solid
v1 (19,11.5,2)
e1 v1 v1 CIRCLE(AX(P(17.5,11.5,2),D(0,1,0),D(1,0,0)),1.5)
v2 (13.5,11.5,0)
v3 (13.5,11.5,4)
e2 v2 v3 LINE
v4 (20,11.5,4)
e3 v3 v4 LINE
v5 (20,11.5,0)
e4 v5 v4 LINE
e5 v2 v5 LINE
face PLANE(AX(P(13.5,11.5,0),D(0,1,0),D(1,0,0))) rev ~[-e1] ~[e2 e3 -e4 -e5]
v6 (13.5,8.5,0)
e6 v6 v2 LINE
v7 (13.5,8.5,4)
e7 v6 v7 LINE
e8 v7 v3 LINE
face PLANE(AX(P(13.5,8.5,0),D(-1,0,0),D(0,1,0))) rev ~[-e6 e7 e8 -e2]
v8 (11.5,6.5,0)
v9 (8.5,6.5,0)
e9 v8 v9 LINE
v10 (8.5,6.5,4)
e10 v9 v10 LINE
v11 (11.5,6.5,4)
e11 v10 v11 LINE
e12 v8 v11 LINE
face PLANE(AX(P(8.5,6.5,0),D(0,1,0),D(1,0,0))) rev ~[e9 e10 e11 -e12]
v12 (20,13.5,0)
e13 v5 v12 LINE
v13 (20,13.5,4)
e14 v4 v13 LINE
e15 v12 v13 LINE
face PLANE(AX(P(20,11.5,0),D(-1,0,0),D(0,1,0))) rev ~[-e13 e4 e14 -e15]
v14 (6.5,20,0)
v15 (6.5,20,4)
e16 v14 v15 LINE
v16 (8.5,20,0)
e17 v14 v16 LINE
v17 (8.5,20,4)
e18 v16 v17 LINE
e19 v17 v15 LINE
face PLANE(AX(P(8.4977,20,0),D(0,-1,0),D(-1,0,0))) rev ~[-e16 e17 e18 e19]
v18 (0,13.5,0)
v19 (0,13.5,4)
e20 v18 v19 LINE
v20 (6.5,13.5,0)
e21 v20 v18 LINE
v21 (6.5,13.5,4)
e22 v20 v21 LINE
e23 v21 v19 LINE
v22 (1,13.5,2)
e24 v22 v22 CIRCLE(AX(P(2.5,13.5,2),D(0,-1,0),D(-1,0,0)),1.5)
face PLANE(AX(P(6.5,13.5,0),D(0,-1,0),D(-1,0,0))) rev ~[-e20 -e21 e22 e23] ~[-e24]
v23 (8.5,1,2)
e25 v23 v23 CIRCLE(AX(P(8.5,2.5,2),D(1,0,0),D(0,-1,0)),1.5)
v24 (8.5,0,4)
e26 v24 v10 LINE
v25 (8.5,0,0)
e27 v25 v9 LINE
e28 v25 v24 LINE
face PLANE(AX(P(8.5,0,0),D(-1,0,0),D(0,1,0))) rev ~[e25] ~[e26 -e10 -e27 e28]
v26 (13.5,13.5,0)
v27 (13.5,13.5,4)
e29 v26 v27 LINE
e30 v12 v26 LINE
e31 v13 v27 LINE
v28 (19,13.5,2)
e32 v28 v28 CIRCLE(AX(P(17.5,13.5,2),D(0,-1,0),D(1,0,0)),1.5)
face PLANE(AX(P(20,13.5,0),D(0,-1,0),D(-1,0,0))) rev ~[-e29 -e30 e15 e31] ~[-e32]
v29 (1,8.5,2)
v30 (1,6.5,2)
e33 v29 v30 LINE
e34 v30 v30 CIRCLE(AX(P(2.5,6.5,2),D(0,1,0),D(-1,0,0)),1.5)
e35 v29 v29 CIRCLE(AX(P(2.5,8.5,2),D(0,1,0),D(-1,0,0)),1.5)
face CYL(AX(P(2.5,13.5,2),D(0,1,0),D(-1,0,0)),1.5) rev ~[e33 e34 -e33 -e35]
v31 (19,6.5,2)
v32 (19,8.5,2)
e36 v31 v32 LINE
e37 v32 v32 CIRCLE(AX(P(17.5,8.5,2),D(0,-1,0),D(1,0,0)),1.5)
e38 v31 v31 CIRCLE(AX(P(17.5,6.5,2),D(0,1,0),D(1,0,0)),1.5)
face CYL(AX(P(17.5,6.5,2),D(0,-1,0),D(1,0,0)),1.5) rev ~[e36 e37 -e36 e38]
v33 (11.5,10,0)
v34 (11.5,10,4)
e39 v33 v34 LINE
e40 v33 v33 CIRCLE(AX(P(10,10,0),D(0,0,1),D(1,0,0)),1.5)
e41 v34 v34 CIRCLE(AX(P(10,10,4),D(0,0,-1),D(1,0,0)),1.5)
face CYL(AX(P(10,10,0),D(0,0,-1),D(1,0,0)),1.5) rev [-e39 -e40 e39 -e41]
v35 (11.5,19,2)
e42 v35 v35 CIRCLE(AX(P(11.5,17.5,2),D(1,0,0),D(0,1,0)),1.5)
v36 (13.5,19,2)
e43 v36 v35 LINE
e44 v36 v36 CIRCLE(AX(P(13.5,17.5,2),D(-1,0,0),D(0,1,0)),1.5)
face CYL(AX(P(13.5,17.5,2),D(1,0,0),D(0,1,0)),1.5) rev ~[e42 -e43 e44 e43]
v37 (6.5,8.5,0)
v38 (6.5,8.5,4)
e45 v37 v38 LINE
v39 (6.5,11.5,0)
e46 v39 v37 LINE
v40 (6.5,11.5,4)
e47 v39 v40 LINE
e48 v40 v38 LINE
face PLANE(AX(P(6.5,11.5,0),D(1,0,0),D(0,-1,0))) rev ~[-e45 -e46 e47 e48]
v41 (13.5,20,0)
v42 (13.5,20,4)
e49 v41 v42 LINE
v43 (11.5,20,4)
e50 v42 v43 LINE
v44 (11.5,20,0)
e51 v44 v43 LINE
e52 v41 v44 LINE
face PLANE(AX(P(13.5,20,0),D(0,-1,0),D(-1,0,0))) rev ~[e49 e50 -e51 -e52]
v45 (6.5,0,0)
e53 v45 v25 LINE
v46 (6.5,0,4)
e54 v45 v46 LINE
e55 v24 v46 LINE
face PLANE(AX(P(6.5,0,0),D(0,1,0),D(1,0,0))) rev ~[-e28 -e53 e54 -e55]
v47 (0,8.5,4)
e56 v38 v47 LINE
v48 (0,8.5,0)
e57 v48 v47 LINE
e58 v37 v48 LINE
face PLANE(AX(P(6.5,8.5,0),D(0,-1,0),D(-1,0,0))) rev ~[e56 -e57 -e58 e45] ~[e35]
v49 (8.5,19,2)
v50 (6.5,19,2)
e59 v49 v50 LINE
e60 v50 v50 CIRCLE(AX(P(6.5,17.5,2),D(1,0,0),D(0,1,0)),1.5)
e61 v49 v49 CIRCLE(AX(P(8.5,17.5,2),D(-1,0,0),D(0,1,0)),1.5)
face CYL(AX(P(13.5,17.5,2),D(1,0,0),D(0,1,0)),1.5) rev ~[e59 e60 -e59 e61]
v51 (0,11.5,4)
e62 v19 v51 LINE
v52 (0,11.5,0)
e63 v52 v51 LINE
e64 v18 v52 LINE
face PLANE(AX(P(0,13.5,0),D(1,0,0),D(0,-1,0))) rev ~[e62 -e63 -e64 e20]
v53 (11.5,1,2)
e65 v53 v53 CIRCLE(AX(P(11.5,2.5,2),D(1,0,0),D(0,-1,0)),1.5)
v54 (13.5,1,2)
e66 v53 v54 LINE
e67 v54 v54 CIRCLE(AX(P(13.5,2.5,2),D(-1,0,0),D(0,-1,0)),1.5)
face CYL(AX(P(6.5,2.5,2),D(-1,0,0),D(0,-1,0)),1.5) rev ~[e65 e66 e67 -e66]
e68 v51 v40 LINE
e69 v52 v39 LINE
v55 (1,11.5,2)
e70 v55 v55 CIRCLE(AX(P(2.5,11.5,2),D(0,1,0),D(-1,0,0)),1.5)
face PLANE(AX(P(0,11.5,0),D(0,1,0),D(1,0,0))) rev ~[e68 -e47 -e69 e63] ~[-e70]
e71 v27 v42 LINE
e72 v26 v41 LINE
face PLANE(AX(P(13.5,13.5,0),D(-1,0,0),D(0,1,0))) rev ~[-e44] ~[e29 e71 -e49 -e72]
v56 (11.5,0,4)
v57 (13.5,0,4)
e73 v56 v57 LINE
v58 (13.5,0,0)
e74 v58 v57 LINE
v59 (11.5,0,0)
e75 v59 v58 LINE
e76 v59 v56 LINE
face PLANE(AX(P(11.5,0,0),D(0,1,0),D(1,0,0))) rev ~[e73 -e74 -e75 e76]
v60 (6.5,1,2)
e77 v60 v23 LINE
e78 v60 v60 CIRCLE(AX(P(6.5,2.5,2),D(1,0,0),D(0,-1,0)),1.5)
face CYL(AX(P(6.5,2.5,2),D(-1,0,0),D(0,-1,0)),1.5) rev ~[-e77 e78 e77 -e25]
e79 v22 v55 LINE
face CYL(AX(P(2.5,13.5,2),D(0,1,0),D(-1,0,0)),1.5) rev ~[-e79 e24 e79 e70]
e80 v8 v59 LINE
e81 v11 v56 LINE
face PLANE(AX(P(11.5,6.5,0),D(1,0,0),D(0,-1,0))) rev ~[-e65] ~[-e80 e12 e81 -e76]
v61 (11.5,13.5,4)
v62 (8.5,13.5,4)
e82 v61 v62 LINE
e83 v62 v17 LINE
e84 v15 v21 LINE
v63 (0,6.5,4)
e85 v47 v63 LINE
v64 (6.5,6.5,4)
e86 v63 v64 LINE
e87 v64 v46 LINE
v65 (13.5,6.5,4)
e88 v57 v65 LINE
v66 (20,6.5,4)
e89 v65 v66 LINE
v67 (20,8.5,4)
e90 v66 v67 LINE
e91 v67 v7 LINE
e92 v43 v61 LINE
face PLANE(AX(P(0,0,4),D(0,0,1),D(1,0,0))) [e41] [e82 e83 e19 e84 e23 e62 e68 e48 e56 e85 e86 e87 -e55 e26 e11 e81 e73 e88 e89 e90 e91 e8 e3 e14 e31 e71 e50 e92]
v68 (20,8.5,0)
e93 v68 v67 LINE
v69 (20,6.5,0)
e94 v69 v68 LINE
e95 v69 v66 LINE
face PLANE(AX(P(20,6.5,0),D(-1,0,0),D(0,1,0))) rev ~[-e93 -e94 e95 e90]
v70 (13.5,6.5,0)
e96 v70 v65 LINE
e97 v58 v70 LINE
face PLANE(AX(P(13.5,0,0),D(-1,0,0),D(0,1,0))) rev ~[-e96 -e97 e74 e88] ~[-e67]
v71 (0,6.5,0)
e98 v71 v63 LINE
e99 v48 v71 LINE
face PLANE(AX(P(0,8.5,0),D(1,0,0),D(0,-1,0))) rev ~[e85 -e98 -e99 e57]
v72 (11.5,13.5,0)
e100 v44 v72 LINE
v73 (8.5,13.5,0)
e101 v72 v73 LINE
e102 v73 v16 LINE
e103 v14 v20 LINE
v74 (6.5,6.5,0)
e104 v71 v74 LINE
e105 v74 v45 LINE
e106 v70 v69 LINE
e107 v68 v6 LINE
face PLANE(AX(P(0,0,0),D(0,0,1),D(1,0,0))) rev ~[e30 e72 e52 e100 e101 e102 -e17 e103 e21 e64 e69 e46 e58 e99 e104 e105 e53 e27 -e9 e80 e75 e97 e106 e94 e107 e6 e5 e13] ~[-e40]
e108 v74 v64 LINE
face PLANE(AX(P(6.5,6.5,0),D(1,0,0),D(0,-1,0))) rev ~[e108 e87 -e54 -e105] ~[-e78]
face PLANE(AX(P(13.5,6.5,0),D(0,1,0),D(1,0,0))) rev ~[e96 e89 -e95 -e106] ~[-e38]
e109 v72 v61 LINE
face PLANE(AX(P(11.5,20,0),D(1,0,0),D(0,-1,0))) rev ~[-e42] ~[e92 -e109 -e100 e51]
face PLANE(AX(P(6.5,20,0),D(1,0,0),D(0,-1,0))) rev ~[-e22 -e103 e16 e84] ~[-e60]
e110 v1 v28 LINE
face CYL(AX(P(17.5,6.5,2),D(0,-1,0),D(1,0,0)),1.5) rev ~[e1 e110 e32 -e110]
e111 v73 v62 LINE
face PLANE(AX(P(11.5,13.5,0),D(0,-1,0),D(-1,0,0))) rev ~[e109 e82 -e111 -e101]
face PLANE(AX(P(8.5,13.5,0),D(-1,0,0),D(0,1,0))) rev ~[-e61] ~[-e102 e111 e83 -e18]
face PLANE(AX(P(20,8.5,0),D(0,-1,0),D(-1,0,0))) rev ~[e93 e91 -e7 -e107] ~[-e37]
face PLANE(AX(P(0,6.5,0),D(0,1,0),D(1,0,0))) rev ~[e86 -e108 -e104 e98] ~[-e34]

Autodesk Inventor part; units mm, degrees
ref_plane "YZ Plane" through (0, 0, 0) normal (1, 0, 0) x (0, 1, 0)
ref_plane "XZ Plane" through (0, 0, 0) normal (0, 1, 0) x (-1, 0, 0)
ref_plane "XY Plane" through (0, 0, 0) normal (0, 0, 1) x (1, 0, 0)
sketch "Sketch1" plane through (0, 0, 0) normal (0, 0, 1) x (1, 0, 0)
  line L0 (0, 0) -> (20, 0)
  line L1 (20, 0) -> (20, 20)
  line L2 (20, 20) -> (0, 20)
  line L3 (0, 20) -> (0, 0)
  line L4 (8.4977, 20) -> (6.4977, 20)
  line L5 (6.4977, 0) -> (8.4977, 0)
  line L6 (0, 3.9) -> (0, 5.9)
  line L7 (20, 8.9) -> (20, 10.9)
  line L8 (0, 10.9) -> (0, 8.9)
  line L9 (10, 0) -> (10, 10)
  circle A0 centre (10, 10) radius 1.5
  line L10 (0, 11.5) -> (20, 11.5)
  line L11 (20, 11.5) -> (20, 13.5)
  line L12 (20, 13.5) -> (0, 13.5)
  line L13 (0, 13.5) -> (0, 11.5)
  line L14 (6.5, 20) -> (6.5, 0)
  line L15 (8.5, 0) -> (8.5, 20)
  line L16 (0, 6.5) -> (20, 6.5)
  line L17 (20, 8.5) -> (0, 8.5)
  line L18 (13.5, 0) -> (13.5, 20)
  line L19 (11.5, 20) -> (11.5, 0)
  point P0 (6.5, 11.5)
  point P1 (6.5, 8.5)
  point P2 (6.5, 6.5)
  point P3 (6.5, 0)
  point P4 (8.5, 6.5)
  point P5 (10, 6.5)
  point P6 (13.5, 6.5)
  point P7 (13.5, 8.5)
  point P8 (13.5, 11.5)
  point P9 (13.5, 13.5)
  point P10 (11.5, 13.5)
  point P11 (8.5, 13.5)
  point P12 (6.5, 13.5)
  point P13 (0, 13.5)
  point P14 (11.5, 6.5)
  dimension "d0" = 20
  dimension "d1" = 20
  dimension "d7" = 2
  dimension "d10" = 2
  dimension "d19" = 10
  dimension "d20" = 3
  dimension "d21" = 20
  dimension "d22" = 2
  dimension "d25" = 360
extrude "Extrusion1" add sketch "Sketch1" along normal blind 4 contours L14 L16 L15 L0 | L16 L3 L17 L14 | L14 L17 L15 L16 | L14 L10 L15 L17 | L15 L17 L9 L16 | L14 L12 L15 L10 | L10 L3 L12 L14 | L15 A0 L17 | L9 L17 L19 L16 | L19 L16 L18 L0 | L15 L12 L19 L10 | L10 A0 L15 | L14 L2 L15 L12 | A0 L19 L17 | L19 L17 L18 L16 | L10 L19 A0 | L19 L10 L18 L17 | L18 L17 L1 L16 | L19 L12 L18 L10 | L19 L2 L18 L12 | L18 L12 L1 L10
sketch "Sketch3" plane through (13.5, 6.5, 0) normal (0, -1, 0) x (1, 0, 0)
  line L0 (0, 0) -> (0, 4) projected
  line L1 (0, 0) -> (4, 0)
  line L2 (0, 0) -> (6.5, 0) projected
  line L3 (4, 0) -> (4, 2)
  circle A0 centre (4, 2) radius 1.5
  point P0 (-13.5, 0)
  dimension "d27" = 4
  dimension "d28" = 2
  dimension "d29" = 3
extrude "Extrusion3" cut sketch "Sketch3" against normal blind 10
pattern_circular "Circular Pattern2" count 4 over 360 about axis through (10, 10, 0) along (0, 0, 1) of "Extrusion3"
properties part number "Center Connector"
